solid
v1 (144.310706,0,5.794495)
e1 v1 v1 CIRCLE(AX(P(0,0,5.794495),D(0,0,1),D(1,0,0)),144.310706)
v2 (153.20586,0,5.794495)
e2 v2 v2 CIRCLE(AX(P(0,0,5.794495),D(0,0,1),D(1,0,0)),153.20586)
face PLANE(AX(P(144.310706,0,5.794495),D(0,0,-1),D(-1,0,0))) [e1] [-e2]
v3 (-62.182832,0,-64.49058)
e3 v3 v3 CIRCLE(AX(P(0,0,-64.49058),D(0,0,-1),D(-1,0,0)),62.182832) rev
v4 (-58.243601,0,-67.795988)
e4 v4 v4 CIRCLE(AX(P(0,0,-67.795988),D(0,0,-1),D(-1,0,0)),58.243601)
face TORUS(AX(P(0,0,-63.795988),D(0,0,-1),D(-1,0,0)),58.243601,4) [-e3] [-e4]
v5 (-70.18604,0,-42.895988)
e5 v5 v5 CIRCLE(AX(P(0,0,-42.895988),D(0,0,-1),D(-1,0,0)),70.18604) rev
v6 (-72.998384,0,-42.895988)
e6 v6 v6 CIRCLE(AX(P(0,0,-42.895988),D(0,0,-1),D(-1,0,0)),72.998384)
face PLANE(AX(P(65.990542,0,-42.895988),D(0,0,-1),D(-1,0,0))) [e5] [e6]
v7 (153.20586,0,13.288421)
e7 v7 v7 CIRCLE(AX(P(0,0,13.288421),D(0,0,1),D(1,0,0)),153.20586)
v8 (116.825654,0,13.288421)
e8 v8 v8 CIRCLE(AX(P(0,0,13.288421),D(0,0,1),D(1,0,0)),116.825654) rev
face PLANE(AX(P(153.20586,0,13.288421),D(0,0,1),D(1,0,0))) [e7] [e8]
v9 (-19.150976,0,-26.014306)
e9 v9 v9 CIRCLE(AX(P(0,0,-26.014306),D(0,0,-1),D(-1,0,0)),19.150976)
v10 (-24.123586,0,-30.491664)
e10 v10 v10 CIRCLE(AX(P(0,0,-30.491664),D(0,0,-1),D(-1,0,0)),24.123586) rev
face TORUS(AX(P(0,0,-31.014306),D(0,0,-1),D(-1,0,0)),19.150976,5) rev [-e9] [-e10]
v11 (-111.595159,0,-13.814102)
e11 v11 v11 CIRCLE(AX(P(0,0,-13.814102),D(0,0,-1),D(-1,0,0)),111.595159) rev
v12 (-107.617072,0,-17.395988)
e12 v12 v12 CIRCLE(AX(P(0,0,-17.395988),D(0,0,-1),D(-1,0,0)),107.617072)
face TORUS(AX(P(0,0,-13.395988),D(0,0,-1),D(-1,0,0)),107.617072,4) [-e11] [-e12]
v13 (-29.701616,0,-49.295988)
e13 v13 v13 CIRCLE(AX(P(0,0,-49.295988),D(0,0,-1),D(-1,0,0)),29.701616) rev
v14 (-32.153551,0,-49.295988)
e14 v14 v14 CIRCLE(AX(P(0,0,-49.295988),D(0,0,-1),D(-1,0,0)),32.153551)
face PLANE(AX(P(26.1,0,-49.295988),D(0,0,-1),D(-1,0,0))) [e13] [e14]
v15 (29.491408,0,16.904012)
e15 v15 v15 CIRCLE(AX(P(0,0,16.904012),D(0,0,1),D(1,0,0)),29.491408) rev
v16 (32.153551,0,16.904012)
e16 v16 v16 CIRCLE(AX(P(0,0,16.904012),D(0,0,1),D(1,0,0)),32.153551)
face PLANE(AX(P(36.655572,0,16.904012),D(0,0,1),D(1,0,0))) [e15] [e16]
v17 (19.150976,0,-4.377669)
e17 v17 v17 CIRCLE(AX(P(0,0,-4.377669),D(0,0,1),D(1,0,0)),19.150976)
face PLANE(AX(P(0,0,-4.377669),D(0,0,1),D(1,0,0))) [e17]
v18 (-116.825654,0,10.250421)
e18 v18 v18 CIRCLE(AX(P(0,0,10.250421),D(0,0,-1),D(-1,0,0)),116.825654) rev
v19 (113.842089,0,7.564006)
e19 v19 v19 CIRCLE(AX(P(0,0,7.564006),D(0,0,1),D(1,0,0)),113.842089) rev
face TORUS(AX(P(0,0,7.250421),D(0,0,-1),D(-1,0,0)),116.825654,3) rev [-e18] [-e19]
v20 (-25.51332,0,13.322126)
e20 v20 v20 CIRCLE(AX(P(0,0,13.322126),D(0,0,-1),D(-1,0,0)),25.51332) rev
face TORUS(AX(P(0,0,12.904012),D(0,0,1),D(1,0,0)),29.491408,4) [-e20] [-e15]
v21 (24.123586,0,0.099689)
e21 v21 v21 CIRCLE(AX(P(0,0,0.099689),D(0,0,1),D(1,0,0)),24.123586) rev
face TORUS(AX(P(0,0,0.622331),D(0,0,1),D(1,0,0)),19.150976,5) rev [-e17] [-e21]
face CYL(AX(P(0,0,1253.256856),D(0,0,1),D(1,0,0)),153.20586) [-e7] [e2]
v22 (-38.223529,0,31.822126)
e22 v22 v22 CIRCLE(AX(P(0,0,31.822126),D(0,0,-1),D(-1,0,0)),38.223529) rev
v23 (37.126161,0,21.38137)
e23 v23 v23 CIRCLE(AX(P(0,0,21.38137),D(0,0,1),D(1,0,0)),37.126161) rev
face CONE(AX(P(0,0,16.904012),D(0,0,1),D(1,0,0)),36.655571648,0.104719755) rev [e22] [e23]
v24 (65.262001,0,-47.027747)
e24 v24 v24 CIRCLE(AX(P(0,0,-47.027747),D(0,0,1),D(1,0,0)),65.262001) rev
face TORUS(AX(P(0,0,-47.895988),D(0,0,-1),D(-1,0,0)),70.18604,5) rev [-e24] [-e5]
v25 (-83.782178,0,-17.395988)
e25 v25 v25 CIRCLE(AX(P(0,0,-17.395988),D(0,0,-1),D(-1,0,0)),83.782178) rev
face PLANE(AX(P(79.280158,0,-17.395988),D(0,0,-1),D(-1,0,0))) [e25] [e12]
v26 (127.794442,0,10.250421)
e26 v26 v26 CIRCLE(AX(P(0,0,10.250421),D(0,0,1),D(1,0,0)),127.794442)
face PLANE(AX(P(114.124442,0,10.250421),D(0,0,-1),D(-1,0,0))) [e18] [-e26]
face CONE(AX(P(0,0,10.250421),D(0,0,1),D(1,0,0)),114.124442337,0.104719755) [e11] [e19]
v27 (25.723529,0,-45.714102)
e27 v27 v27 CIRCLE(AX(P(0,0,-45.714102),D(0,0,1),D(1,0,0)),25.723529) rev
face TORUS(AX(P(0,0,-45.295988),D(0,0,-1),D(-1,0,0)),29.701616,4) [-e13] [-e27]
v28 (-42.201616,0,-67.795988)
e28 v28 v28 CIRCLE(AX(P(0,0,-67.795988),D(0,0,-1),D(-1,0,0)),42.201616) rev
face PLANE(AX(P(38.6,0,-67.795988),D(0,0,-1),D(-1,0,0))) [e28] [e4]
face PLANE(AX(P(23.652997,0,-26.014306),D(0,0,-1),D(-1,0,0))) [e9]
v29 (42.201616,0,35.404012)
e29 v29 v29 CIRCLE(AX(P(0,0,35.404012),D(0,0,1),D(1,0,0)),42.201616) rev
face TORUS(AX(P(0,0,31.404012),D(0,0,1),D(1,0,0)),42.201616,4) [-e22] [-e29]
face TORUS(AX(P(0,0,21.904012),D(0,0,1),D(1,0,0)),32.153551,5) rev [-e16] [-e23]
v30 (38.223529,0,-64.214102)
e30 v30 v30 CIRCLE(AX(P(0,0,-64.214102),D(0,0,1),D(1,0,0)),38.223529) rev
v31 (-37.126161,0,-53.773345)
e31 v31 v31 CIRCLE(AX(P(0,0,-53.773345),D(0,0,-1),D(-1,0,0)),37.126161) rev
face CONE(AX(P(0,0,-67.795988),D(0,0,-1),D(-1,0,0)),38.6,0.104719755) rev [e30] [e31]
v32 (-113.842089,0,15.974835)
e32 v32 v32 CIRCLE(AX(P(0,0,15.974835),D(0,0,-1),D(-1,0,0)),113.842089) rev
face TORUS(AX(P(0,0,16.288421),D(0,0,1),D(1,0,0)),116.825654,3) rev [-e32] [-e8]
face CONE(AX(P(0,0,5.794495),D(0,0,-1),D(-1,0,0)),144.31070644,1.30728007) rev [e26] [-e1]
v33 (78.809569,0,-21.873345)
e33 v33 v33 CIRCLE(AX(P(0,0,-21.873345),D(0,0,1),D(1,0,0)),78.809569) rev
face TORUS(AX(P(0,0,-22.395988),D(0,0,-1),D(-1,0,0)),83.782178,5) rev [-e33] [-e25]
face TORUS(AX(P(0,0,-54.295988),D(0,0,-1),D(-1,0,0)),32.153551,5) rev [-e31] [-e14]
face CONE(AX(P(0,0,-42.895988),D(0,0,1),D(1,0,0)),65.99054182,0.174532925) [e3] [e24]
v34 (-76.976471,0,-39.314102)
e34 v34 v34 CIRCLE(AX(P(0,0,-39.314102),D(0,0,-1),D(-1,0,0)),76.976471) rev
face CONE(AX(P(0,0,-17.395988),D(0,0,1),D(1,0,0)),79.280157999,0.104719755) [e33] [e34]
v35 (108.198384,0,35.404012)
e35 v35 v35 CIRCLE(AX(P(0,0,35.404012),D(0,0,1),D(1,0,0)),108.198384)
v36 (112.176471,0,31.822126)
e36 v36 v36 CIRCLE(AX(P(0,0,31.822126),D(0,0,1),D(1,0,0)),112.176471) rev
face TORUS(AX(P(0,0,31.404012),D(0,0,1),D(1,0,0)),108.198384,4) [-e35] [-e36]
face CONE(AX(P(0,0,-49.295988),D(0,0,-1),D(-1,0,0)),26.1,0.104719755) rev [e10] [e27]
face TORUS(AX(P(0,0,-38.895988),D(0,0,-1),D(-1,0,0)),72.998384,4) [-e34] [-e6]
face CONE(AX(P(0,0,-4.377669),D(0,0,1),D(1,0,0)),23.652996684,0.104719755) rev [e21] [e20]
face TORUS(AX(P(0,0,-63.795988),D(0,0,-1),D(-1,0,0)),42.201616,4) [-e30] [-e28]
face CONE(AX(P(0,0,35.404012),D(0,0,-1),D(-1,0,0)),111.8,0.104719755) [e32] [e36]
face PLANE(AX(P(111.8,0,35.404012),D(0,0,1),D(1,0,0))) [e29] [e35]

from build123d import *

# Parameters (mm, degrees)
FILLET1_R = 4
FILLET2_R = 4
FILLET3_R = 4
FILLET4_R = 5
FILLET5_R = 3


with BuildPart() as part:
    # Sketch1 → Revolve1 (revolve)
    with BuildSketch(Plane(origin=(0, 0, 0), x_dir=(1, 0, 0), z_dir=(0, 1, 0))):
        Polygon((26.1, 49.295987654), (36.655571648, 49.295987654), (38.6, 67.795987654), (61.6, 67.795987654), (65.99054182, 42.895987654), (76.6, 42.895987654), (79.280157999, 17.395987654), (111.218687718, 17.395987654), (114.124442337, -10.250420802), (127.794442337, -10.250420802), (144.31070644, -5.794495002), (153.205859624, -5.794495002), (153.205859624, -13.288420802), (114.124442337, -13.288420802), (111.8, -35.404012346), (38.6, -35.404012346), (36.655571648, -16.904012346), (25.889791529, -16.904012346), (23.652996684, 4.377669024), (0, 4.377669024), (0, 26.014306284), (23.652996684, 26.014306284), align=None)
    revolve(axis=Axis((0, 0, 1253.256856057), (0, 0, -1)))

    # Fillet1
    fillet1_edges = [part.edges().sort_by_distance(p)[0] for p in [
        (-61.6, 0, -67.795987654),
    ]]
    fillet(fillet1_edges, radius=FILLET1_R)

    # Fillet2
    fillet2_edges = [part.edges().sort_by_distance(p)[0] for p in [
        (-25.889791529, 0, 16.904012346),
        (-111.8, 0, 35.404012346),
        (-111.218687718, 0, -17.395987654),
        (-76.6, 0, -42.895987654),
        (-38.6, 0, -67.795987654),
        (-26.1, 0, -49.295987654),
    ]]
    fillet(fillet2_edges, radius=FILLET2_R)

    # Fillet3
    fillet3_edges = [part.edges().sort_by_distance(p)[0] for p in [
        (-38.6, 0, 35.404012346),
    ]]
    fillet(fillet3_edges, radius=FILLET3_R)

    # Fillet4
    fillet4_edges = [part.edges().sort_by_distance(p)[0] for p in [
        (-23.652996684, 0, -26.014306284),
        (-23.652996684, 0, -4.377669024),
        (-36.655571648, 0, 16.904012346),
        (-79.280157999, 0, -17.395987654),
        (-65.99054182, 0, -42.895987654),
        (-36.655571648, 0, -49.295987654),
    ]]
    fillet(fillet4_edges, radius=FILLET4_R)

    # Fillet5
    fillet5_edges = [part.edges().sort_by_distance(p)[0] for p in [
        (-114.124442337, 0, 13.288420802),
        (-114.124442337, 0, 10.250420802),
    ]]
    fillet(fillet5_edges, radius=FILLET5_R)


solid = part.part
